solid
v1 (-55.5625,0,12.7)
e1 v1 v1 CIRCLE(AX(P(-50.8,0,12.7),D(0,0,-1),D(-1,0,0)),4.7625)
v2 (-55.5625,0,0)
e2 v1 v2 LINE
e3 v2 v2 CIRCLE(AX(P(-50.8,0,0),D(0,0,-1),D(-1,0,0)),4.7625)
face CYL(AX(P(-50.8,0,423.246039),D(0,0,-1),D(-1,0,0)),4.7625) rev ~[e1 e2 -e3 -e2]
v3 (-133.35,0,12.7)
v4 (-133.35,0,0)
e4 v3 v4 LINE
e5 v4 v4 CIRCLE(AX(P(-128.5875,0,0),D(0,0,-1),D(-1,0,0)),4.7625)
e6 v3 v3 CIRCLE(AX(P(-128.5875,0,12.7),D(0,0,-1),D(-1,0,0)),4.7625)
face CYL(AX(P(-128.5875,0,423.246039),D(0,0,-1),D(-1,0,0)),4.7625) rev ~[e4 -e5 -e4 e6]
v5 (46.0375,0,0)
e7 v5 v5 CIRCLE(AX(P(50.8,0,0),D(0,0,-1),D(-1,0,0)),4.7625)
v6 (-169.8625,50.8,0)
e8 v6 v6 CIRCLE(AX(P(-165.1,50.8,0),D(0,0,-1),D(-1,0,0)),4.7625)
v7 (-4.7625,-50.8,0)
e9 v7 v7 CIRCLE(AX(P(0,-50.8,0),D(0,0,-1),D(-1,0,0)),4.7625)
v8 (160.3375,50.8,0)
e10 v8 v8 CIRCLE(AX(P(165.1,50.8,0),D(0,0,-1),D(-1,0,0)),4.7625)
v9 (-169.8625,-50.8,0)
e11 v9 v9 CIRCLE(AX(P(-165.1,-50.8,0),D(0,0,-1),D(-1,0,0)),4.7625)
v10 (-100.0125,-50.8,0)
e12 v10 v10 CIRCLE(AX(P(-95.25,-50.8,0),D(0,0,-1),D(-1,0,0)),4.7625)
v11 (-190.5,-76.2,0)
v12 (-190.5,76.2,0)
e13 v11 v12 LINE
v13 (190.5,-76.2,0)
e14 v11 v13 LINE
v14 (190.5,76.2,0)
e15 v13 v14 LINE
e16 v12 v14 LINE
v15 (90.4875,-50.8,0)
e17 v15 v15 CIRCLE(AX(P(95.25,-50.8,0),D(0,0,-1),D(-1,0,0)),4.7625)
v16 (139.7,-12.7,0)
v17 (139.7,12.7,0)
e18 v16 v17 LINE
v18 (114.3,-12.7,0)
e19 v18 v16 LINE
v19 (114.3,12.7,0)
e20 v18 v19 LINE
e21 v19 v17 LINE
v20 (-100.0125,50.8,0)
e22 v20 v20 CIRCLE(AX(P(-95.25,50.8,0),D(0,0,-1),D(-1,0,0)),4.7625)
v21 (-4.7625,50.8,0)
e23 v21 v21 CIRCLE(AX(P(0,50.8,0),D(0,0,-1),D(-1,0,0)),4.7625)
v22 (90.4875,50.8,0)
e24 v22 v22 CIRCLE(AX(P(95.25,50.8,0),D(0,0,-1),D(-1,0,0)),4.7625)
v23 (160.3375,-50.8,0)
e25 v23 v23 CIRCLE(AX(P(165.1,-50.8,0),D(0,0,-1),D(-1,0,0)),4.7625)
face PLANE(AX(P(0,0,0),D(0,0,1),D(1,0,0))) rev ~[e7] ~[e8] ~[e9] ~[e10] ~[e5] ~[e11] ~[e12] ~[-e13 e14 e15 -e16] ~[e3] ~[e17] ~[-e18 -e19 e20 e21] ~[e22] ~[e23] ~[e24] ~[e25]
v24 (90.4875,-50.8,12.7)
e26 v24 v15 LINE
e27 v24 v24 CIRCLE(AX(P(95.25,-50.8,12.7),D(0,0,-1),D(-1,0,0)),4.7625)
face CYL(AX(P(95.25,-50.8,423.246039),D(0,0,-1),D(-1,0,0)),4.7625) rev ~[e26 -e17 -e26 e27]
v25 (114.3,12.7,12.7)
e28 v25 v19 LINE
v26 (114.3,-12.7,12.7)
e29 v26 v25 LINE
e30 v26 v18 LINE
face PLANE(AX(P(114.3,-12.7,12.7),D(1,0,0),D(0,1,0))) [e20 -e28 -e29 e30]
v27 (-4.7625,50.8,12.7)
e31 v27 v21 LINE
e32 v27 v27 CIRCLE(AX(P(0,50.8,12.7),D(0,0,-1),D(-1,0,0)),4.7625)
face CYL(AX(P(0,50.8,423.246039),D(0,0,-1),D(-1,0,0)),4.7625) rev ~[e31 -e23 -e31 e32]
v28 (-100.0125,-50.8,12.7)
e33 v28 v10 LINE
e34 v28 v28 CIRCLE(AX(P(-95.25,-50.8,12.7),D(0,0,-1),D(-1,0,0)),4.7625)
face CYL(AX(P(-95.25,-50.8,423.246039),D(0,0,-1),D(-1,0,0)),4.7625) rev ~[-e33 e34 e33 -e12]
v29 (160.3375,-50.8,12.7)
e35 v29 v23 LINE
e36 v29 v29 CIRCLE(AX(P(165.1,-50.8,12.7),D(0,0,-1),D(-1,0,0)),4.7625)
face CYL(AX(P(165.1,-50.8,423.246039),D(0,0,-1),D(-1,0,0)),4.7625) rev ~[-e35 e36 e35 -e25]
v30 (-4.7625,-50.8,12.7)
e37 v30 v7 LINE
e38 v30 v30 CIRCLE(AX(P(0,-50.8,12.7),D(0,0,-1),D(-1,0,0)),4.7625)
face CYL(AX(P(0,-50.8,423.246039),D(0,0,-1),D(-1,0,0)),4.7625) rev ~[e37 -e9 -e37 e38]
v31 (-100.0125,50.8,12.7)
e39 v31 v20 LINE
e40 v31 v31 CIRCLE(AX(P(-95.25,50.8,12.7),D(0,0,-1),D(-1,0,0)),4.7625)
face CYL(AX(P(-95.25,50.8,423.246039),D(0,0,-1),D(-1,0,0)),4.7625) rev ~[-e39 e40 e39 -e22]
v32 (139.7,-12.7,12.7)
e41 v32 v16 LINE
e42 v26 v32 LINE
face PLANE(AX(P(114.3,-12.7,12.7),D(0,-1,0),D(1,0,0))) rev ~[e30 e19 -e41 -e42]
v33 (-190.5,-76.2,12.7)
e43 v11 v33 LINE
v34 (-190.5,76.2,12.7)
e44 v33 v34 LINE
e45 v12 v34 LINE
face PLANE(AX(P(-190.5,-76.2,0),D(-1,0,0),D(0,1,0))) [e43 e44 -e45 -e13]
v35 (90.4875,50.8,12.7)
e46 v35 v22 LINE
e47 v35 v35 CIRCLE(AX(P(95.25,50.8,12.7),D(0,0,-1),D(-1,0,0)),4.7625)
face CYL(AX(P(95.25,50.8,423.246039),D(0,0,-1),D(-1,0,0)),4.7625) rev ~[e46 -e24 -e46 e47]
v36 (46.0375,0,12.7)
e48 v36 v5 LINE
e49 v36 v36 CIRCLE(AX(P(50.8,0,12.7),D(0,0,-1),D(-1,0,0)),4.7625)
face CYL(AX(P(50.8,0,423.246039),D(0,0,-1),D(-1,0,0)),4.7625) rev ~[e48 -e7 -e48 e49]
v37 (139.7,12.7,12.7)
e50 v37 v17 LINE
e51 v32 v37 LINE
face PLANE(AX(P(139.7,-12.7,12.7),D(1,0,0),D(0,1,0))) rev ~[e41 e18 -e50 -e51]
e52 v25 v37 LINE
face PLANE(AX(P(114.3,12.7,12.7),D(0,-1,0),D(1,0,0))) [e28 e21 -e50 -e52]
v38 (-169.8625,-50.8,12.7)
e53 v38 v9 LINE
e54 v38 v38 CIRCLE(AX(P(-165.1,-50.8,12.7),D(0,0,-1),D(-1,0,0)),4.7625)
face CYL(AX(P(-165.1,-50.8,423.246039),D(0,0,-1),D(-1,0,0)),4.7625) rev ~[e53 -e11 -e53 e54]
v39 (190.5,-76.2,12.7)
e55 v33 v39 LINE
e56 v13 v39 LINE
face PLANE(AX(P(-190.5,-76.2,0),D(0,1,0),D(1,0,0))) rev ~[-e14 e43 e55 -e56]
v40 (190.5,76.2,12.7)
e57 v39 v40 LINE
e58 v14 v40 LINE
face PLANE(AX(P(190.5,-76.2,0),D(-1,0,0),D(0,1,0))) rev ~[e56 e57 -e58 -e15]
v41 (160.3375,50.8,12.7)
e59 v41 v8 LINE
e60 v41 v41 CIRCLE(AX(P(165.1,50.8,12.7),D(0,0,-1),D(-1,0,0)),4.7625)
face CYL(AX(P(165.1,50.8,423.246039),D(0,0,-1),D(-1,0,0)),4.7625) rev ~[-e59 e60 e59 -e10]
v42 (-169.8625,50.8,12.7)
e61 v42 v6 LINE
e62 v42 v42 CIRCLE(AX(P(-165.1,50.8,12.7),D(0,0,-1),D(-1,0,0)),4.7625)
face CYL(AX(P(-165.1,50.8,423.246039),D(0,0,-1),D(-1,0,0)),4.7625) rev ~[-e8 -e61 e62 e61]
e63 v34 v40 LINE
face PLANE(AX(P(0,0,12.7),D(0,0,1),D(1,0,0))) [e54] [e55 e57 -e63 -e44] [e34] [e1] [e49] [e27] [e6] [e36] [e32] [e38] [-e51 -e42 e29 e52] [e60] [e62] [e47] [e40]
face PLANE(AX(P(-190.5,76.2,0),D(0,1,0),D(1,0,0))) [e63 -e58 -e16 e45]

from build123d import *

# Parameters (mm, degrees)
F0_W     = 381
F0_H     = 152.4
F1_DEPTH = 12.7
F3_D     = 9.525
F4_D     = 9.525
F5_W     = 25.4
F5_H     = 25.4
F6_DEPTH = 12.7


with BuildPart() as f1:
    # F0 (on Top) → F1 (new body)
    with BuildSketch(Plane.XY):
        Rectangle(F0_W, F0_H)
    extrude(amount=F1_DEPTH)

    # F3 (through all)
    with Locations(Plane.XY.offset(12.7)):
        with Locations((-165.1, 50.8)):
            Hole(F3_D / 2)

    # F4 (through all)
    with Locations(Plane.XY.offset(12.7)):
        with Locations((-95.25, 50.8), (0, 50.8), (95.25, 50.8), (165.1, 50.8), (128.5875, 0), (50.8, 0), (-50.8, 0), (-128.5875, 0), (-165.1, -50.8), (-95.25, -50.8), (0, -50.8), (95.25, -50.8), (165.1, -50.8)):
            Hole(F4_D / 2)

    # F5 (on face) → F6 (cut)
    with BuildSketch(Plane.XY.offset(12.7)):
        with Locations((127, 0)):
            Rectangle(F5_W, F5_H)
    extrude(amount=-F6_DEPTH, mode=Mode.SUBTRACT)


solid = f1.part
